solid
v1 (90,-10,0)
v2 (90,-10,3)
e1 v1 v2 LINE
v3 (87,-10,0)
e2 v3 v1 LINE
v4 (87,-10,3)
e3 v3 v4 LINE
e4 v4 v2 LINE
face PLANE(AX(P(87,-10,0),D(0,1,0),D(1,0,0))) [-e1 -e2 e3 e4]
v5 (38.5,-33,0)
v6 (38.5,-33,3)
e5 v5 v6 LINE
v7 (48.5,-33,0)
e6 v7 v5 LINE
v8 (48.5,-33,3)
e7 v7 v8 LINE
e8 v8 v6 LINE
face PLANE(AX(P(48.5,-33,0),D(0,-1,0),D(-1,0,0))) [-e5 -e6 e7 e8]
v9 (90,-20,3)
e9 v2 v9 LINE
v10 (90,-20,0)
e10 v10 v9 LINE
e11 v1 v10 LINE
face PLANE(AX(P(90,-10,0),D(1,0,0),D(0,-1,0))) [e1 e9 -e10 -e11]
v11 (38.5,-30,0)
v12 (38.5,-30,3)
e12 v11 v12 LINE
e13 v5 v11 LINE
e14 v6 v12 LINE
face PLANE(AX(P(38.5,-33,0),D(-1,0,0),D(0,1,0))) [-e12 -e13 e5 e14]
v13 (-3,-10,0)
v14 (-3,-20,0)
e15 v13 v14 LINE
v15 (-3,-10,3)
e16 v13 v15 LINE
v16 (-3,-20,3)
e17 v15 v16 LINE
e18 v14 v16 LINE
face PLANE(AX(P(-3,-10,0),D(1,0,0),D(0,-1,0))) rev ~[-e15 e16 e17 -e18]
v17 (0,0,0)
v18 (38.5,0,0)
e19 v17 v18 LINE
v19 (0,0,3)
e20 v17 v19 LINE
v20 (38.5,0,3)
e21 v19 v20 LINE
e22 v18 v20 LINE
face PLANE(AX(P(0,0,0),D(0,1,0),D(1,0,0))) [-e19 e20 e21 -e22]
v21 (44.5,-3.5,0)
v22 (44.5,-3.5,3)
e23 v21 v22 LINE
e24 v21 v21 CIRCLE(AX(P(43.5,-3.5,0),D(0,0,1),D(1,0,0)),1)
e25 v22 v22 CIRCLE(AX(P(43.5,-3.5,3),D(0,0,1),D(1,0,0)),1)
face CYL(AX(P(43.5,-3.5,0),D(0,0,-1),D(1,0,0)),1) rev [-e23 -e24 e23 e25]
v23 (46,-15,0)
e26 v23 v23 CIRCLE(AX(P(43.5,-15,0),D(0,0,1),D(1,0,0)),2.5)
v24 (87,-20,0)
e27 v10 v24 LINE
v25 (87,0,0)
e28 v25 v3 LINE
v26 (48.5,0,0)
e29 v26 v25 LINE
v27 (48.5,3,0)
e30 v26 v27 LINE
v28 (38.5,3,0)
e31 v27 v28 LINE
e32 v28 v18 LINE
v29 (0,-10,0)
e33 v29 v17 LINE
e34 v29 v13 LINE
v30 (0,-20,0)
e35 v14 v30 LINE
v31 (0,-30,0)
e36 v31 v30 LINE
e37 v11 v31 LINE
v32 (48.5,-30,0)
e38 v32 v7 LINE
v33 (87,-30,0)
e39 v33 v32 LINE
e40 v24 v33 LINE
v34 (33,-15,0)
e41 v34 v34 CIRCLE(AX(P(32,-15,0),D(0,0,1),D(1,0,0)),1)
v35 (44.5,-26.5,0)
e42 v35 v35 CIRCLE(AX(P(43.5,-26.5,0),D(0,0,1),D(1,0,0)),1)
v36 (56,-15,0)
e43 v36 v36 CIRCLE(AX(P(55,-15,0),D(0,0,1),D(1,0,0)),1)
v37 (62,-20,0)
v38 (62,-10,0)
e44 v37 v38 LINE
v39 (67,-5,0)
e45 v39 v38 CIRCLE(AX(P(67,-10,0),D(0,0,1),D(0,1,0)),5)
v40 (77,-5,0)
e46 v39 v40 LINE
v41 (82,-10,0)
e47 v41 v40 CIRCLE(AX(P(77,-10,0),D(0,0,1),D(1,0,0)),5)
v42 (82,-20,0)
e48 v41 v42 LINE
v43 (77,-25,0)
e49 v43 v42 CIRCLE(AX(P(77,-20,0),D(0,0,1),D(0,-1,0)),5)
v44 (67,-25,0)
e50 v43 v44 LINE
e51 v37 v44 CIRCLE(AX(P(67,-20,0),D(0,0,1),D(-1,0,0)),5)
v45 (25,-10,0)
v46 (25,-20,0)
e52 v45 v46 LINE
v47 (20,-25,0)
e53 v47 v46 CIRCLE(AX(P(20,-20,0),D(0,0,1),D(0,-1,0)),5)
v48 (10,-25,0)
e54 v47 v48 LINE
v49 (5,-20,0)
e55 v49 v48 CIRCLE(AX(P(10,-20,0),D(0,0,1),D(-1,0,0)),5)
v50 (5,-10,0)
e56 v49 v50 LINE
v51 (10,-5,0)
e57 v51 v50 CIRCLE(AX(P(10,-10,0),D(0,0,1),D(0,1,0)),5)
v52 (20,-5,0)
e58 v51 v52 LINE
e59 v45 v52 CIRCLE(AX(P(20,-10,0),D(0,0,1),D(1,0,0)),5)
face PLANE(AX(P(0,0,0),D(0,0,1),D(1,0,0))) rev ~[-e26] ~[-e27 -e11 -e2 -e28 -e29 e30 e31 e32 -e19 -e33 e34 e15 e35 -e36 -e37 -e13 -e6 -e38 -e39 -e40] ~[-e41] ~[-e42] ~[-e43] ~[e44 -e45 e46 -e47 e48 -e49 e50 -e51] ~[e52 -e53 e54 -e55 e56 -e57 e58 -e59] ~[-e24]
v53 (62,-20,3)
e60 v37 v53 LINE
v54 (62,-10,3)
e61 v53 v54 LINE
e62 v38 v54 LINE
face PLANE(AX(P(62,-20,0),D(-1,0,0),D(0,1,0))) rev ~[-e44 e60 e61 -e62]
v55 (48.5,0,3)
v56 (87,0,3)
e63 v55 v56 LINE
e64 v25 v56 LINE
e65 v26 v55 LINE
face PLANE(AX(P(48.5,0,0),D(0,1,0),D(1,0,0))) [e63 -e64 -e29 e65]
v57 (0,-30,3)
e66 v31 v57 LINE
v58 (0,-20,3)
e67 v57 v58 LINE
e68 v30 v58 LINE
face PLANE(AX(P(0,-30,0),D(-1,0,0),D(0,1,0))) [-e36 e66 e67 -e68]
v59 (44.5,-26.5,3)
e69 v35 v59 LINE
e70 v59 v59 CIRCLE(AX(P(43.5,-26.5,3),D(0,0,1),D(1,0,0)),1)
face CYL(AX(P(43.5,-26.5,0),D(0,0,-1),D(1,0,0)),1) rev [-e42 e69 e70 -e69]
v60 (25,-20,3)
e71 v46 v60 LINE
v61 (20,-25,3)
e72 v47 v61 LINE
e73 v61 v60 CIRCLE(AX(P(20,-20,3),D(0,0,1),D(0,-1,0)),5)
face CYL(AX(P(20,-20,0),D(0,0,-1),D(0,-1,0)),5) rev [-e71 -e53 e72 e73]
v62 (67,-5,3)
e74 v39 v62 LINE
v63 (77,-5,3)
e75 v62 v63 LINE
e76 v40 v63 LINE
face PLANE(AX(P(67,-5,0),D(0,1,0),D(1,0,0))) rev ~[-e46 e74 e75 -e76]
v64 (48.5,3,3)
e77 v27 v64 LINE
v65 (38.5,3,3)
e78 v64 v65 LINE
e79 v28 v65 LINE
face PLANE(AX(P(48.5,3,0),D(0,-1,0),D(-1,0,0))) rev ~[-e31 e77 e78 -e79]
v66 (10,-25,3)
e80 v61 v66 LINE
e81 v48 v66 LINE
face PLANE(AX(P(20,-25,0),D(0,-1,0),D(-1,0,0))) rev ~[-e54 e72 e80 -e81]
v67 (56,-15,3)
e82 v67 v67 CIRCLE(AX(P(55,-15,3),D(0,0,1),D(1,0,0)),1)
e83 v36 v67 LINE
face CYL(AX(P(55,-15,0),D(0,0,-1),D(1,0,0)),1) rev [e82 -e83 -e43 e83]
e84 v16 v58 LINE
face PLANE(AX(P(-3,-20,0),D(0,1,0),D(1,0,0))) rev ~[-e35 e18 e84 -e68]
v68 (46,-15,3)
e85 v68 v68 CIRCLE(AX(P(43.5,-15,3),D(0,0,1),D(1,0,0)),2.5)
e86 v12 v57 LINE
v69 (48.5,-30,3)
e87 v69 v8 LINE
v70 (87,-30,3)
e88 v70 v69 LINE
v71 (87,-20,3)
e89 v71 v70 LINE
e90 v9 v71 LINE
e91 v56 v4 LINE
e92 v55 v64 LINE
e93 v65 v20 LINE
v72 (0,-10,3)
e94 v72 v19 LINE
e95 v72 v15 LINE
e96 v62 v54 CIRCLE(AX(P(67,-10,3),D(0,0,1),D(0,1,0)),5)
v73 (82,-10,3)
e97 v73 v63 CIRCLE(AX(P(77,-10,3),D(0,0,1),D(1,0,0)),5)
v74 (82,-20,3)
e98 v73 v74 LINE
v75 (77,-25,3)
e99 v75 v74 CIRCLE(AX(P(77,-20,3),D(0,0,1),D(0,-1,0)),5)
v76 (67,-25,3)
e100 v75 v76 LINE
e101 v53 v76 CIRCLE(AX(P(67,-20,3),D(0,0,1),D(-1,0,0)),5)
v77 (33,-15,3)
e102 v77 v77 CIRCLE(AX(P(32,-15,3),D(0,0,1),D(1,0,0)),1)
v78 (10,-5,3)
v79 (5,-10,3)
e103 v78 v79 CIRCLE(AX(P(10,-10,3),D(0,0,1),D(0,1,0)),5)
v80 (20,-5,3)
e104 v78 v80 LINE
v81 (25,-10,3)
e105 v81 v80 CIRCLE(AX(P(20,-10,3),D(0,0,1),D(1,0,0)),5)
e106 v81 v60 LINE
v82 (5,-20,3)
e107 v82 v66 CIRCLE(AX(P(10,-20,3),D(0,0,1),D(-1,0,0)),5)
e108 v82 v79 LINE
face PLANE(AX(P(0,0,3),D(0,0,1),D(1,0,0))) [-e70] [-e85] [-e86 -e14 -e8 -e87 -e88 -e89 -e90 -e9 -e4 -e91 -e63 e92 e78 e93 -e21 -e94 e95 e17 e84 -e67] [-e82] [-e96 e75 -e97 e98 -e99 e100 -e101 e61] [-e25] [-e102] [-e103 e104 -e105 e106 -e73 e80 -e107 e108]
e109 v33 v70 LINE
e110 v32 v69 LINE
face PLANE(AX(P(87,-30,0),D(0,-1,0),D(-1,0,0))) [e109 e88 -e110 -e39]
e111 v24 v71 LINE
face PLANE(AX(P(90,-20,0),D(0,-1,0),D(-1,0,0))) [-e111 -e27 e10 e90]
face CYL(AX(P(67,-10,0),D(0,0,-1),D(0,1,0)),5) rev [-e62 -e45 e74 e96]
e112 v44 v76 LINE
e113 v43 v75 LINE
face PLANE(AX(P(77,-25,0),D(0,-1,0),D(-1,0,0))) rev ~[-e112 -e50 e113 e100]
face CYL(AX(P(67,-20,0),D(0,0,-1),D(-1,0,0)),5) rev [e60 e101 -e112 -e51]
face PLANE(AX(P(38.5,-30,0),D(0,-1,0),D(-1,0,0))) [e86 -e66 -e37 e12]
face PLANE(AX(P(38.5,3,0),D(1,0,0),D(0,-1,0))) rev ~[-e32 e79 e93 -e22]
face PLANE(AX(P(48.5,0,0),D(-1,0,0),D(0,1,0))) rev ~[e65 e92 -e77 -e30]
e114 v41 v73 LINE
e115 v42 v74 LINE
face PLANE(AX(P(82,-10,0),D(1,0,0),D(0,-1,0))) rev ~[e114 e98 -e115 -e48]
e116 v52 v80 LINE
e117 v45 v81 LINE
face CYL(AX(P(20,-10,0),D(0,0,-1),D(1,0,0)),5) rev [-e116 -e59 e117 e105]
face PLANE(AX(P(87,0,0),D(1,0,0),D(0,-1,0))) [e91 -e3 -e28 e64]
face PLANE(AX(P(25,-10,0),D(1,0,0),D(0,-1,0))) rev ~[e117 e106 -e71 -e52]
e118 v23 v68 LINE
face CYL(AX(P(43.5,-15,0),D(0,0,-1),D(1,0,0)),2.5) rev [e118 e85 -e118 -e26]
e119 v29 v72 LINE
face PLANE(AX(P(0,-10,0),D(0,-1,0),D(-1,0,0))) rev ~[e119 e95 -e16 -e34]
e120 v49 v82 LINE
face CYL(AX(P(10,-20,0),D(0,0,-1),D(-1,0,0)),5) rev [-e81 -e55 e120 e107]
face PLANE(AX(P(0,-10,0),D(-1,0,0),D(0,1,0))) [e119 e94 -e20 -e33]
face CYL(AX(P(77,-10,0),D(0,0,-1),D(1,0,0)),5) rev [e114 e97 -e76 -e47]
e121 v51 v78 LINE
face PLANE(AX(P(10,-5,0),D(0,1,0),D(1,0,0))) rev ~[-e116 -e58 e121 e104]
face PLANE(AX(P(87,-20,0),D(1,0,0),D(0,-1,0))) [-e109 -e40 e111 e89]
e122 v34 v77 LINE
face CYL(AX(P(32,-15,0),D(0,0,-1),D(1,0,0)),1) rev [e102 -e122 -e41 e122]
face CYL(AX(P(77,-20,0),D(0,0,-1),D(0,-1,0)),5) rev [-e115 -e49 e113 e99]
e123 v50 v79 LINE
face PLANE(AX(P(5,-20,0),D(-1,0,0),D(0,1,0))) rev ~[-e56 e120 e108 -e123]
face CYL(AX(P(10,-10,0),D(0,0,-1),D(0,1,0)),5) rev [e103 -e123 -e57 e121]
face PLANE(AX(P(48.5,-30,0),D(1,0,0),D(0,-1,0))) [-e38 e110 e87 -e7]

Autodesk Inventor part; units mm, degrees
ref_plane "YZ Plane" through (0, 0, 0) normal (1, 0, 0) x (0, 1, 0)
ref_plane "XZ Plane" through (0, 0, 0) normal (0, 1, 0) x (-1, 0, 0)
ref_plane "XY Plane" through (0, 0, 0) normal (0, 0, 1) x (1, 0, 0)
sketch "Sketch1" plane through (0, 0, 0) normal (0, 0, 1) x (1, 0, 0)
  point P0 (0, 0)
sketch "Sketch2" plane through (0, 0, 0) normal (0, 0, 1) x (1, 0, 0)
  line L0 (0, -10) -> (-3, -10)
  line L1 (-3, -10) -> (-3, -20)
  line L2 (-3, -20) -> (0, -20)
  line L3 (48.5, 0) -> (48.5, 3)
  line L4 (48.5, 3) -> (38.5, 3)
  line L5 (38.5, 3) -> (38.5, 0)
  line L6 (87, -10) -> (90, -10)
  line L7 (90, -10) -> (90, -20)
  line L8 (90, -20) -> (87, -20)
  line L9 (48.5, -30) -> (48.5, -33)
  line L10 (48.5, -33) -> (38.5, -33)
  line L11 (38.5, -33) -> (38.5, -30)
  line L12 (0, 0) -> (38.5, 0)
  line L13 (48.5, 0) -> (87, 0)
  line L14 (0, -30) -> (0, -20)
  line L15 (0, -10) -> (0, 0)
  line L16 (87, -30) -> (48.5, -30)
  line L17 (38.5, -30) -> (0, -30)
  line L18 (87, 0) -> (87, -10)
  line L19 (87, -20) -> (87, -30)
  circle A0 centre (43.5, -15) radius 2.5
  circle A1 centre (43.5, -3.5) radius 1
  line L20 (48.5, 28.5) -> (58.5, 28.5)
  circle A2 centre (32, -15) radius 1
  line L21 (0, -10) -> (0, 0)
  circle A3 centre (43.5, -26.5) radius 1
  line L22 (38.5, -58.5) -> (28.5, -58.5)
  circle A4 centre (55, -15) radius 1
  line L23 (10, -5) -> (20, -5)
  line L24 (25, -10) -> (25, -20)
  line L25 (20, -25) -> (10, -25)
  line L26 (5, -20) -> (5, -10)
  line L27 (67, -5) -> (77, -5)
  line L28 (82, -10) -> (82, -20)
  line L29 (77, -25) -> (67, -25)
  line L30 (62, -20) -> (62, -10)
  arc A5 (10, -5) -> (5, -10) centre (10, -10) ccw
  arc A6 (25, -10) -> (20, -5) centre (20, -10) ccw
  arc A7 (20, -25) -> (25, -20) centre (20, -20) ccw
  arc A8 (5, -20) -> (10, -25) centre (10, -20) ccw
  arc A9 (67, -5) -> (62, -10) centre (67, -10) ccw
  arc A10 (82, -10) -> (77, -5) centre (77, -10) ccw
  arc A11 (77, -25) -> (82, -20) centre (77, -20) ccw
  arc A12 (62, -20) -> (67, -25) centre (67, -20) ccw
  point P0 (5, -5)
  point P1 (25, -5)
  point P2 (62, -5)
  point P3 (82, -5)
  point P4 (62, -25)
  dimension "d0" = 30
  dimension "d1" = 87
  dimension "d2" = 10
  dimension "d3" = 10
  dimension "d4" = 10
  dimension "d5" = 10
  dimension "d6" = 10
  dimension "d7" = 3
  dimension "d8" = 3
  dimension "d9" = 10
  dimension "d10" = 10
  dimension "d11" = 10
  dimension "d12" = 38.5
  dimension "d13" = 38.5
  dimension "d14" = 38.5
  dimension "d15" = 38.5
  dimension "d16" = 3
  dimension "d17" = 3
  dimension "d18" = 3
  dimension "d19" = 3
  dimension "d20" = 3
  dimension "d21" = 5
  dimension "d22" = 2
  dimension "d23" = 11.5
  dimension "d26" = 360
  dimension "d30" = 20
  dimension "d31" = 5
  dimension "d32" = 20
  dimension "d33" = 5
  dimension "d34" = 20
  dimension "d35" = 20
  dimension "d36" = 5
  dimension "d37" = 5
  dimension "d38" = 5
extrude "Extrusion2" add sketch "Sketch2" along normal blind 3
properties part number "OpenROV 2_2 Horizontal Bulkhead"
